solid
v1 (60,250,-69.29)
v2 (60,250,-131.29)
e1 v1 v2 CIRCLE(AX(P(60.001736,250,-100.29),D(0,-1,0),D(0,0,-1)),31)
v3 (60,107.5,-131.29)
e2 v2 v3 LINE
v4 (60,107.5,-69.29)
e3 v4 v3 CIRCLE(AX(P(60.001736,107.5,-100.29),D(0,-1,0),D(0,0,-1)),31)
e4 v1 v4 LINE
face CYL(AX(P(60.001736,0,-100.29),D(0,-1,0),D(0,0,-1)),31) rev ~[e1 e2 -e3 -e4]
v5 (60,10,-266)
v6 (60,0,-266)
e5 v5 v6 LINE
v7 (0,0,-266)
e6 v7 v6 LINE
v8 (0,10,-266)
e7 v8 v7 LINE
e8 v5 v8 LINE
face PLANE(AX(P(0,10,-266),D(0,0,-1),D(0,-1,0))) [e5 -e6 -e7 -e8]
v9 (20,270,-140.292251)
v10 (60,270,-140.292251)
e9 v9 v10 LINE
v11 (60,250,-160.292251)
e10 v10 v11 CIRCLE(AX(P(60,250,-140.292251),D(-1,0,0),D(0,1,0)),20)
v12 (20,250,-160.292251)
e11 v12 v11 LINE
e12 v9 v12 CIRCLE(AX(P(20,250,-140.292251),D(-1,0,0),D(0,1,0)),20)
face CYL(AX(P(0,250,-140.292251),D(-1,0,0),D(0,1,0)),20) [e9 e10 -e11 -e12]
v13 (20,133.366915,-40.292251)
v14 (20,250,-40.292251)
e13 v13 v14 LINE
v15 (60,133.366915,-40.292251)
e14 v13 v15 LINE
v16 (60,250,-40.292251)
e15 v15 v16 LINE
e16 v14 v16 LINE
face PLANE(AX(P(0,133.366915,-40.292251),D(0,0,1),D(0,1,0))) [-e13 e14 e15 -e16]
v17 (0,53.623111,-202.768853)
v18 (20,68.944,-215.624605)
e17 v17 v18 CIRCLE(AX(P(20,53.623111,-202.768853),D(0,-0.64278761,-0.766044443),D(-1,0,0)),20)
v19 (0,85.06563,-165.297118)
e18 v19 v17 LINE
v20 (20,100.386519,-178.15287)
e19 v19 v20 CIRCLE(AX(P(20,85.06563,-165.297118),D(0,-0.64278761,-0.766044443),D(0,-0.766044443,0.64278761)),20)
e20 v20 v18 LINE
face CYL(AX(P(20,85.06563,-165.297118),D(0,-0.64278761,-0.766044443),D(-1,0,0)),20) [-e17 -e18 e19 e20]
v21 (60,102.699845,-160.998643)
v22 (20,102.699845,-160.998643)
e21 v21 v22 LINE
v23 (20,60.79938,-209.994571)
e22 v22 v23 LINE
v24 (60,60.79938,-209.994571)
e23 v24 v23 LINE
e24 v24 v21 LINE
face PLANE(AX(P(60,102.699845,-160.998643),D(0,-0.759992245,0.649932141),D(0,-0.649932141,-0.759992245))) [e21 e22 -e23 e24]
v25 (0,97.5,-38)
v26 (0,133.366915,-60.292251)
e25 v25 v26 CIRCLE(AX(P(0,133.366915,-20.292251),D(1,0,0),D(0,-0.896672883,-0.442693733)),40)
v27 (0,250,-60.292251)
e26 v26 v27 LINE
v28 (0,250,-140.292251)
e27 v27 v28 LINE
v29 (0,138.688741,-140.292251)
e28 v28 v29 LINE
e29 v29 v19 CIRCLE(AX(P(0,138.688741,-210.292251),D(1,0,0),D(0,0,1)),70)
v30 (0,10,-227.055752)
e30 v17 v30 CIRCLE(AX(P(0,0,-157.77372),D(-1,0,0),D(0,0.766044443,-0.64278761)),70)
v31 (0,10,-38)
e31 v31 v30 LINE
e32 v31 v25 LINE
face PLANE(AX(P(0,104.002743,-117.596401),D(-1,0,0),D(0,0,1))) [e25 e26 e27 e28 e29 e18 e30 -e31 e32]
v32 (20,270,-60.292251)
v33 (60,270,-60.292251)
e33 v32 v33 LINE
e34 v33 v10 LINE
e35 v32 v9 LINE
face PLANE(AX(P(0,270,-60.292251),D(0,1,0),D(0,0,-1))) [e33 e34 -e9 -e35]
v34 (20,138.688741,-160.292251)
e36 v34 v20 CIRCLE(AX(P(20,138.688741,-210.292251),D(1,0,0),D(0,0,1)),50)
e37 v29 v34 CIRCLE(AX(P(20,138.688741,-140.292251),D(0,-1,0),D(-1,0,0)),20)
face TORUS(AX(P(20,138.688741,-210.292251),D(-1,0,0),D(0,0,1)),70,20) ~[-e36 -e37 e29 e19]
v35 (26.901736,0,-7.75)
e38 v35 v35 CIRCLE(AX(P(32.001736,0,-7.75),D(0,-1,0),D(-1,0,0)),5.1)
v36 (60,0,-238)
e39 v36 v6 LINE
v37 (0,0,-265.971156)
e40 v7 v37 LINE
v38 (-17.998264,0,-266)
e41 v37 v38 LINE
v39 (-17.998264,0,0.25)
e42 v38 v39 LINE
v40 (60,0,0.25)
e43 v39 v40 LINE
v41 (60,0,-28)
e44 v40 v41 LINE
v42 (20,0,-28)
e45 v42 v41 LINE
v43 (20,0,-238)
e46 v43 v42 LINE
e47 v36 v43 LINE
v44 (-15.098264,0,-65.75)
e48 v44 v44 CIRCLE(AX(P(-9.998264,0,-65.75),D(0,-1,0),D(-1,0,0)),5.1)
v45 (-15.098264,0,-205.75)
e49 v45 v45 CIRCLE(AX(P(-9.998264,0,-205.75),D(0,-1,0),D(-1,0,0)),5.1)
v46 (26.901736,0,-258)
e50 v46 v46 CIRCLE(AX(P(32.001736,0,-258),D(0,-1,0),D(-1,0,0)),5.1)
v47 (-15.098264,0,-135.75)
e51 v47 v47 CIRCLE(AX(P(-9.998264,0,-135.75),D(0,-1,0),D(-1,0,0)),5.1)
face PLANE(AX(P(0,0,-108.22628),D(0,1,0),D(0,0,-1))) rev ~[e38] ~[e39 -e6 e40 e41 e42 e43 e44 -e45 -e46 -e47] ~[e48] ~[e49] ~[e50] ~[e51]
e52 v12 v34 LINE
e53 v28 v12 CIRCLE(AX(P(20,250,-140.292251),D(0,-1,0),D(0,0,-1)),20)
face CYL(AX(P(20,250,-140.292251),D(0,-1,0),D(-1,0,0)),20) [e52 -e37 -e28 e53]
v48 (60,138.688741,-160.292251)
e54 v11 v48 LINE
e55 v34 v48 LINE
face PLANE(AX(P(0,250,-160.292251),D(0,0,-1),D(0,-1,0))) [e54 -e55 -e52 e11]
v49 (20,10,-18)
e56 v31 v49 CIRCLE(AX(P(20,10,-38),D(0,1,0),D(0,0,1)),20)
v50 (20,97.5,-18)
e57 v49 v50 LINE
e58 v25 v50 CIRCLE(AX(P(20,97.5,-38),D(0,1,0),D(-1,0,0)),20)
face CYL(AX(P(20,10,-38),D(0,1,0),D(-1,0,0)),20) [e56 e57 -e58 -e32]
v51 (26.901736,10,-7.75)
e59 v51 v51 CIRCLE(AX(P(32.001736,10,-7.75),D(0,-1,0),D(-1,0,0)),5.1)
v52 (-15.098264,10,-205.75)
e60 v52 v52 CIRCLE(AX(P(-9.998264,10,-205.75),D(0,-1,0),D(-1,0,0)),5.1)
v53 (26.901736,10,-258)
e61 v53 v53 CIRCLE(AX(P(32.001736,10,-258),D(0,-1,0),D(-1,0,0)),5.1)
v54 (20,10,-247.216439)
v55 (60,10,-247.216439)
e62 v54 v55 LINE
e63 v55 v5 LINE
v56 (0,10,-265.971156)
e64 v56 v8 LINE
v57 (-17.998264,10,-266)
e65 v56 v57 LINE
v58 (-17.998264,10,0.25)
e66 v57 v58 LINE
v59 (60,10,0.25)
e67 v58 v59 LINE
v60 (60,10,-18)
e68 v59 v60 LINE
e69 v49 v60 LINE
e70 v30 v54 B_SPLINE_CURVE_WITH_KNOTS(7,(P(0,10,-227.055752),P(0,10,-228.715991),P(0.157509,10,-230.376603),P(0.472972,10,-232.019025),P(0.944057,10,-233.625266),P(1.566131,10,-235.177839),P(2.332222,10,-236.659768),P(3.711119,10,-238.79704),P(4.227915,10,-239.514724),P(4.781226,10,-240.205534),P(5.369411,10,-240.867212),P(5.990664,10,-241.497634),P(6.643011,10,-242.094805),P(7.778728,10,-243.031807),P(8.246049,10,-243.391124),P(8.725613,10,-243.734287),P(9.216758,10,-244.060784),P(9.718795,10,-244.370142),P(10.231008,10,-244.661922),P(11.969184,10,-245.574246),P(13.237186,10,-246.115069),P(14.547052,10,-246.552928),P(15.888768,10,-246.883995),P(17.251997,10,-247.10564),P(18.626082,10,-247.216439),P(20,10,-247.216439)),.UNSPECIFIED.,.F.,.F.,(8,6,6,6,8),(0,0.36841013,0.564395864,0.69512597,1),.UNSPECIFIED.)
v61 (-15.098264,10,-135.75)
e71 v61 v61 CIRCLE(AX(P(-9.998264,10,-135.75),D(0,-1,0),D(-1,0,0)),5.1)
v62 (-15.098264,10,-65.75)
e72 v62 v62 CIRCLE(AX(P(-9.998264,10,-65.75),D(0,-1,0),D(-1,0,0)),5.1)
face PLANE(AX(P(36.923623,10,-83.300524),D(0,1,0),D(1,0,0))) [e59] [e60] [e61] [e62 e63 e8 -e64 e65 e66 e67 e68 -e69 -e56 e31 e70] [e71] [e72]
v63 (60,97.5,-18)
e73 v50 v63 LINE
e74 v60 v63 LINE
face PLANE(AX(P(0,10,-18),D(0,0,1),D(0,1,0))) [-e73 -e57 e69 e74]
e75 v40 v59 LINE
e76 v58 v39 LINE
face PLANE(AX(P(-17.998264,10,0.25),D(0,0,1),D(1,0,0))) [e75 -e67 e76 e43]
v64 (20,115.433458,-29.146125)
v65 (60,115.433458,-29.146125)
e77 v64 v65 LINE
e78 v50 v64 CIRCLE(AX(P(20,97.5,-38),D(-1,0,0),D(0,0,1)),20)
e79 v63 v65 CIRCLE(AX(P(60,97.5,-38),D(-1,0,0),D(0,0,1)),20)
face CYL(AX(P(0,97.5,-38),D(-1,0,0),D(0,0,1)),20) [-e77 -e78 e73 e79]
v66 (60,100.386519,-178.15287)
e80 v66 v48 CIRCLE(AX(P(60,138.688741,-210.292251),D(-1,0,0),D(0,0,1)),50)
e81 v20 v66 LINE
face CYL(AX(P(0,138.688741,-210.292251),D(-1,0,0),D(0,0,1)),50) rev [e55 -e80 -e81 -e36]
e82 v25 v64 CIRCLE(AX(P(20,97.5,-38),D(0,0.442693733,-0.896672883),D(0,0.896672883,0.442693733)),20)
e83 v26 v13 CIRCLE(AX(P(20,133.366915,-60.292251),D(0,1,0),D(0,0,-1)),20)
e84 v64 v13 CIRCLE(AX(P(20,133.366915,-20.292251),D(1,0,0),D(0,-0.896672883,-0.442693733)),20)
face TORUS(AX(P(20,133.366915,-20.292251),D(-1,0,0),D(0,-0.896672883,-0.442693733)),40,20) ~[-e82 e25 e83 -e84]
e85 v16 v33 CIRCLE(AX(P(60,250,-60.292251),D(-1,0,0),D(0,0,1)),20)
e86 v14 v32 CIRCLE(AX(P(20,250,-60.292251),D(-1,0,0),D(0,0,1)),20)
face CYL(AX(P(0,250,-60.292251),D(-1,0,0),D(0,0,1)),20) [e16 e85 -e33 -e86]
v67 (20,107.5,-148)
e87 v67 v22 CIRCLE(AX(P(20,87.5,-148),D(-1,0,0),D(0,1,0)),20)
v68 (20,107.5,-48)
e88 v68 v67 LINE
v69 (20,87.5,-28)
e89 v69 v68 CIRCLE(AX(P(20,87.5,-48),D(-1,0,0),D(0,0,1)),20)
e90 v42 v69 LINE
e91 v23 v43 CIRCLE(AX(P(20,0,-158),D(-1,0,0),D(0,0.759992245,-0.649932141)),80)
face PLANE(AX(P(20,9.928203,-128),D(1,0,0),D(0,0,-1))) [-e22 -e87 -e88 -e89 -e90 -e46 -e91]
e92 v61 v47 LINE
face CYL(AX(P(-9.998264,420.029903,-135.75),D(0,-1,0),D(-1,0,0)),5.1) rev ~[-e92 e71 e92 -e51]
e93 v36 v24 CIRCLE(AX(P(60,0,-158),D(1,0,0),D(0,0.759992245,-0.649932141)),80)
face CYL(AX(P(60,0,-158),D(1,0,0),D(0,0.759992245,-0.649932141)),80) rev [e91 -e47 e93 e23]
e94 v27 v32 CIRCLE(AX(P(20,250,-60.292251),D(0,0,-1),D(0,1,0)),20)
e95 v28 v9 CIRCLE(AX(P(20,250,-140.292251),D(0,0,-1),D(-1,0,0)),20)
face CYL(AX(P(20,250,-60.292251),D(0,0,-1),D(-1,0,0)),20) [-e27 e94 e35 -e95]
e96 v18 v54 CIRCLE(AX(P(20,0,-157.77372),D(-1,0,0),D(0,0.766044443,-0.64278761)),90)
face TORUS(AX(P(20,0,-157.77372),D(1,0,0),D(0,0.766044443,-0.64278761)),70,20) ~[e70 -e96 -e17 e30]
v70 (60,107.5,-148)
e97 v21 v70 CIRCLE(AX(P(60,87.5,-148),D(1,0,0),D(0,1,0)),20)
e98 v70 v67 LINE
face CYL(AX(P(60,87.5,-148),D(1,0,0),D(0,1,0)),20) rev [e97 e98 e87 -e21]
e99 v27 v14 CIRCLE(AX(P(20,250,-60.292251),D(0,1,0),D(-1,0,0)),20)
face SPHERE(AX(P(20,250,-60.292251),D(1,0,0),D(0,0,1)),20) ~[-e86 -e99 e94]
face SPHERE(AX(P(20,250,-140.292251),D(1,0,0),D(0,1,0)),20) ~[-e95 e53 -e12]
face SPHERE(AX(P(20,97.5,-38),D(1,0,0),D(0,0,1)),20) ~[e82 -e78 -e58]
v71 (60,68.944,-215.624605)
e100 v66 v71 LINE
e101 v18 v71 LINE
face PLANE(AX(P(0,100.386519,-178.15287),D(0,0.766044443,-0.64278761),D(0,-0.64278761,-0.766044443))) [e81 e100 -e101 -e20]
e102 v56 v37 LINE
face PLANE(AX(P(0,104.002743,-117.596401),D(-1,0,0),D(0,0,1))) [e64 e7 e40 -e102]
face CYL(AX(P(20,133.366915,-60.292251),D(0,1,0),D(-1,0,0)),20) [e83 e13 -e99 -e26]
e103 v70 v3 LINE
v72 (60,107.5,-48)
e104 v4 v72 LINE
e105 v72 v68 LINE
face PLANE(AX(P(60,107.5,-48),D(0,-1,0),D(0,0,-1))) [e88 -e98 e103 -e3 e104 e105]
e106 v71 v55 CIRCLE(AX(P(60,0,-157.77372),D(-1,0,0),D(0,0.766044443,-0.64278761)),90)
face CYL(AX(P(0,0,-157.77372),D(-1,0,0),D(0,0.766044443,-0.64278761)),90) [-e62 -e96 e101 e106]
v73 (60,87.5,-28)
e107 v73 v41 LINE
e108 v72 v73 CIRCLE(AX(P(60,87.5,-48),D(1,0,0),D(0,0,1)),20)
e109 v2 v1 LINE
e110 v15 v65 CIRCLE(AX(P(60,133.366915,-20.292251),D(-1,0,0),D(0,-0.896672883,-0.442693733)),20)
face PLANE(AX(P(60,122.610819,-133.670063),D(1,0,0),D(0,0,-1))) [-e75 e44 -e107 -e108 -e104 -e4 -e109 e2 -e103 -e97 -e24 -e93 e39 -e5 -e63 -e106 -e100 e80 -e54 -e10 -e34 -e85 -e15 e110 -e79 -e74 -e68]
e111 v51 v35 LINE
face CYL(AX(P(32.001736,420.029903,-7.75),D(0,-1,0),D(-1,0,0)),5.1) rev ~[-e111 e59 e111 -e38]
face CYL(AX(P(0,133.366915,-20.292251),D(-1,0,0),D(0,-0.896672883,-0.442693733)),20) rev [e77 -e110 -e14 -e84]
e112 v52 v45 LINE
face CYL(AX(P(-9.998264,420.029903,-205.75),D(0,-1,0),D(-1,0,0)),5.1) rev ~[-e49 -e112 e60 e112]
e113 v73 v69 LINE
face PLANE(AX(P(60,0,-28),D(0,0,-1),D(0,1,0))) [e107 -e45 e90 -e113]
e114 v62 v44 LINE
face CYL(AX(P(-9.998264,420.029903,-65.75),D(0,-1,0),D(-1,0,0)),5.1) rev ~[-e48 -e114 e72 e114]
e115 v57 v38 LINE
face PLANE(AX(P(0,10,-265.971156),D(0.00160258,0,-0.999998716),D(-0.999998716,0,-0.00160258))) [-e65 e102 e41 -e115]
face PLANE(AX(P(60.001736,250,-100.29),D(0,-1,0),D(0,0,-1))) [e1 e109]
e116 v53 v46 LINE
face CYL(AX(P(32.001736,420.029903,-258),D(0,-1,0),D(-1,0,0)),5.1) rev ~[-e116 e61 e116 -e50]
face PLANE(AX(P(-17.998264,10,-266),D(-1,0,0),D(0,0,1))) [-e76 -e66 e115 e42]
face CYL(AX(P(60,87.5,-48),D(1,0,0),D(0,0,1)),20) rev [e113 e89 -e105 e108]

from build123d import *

# Parameters (mm, degrees)
BOSS_EXTRUDE1_DEPTH   = 120
FILLET1_R             = 20
FILLET2_R             = 20
SKETCH2_W             = 18
SKETCH2_H             = 103
BOSS_EXTRUDE2_DEPTH   = 10
F_1_0MM_DOWEL_HOLE1_D = 10.2
F_1_0MM_DOWEL_HOLE2_D = 10.2
SKETCH7_R             = 31
CUT_EXTRUDE1_DEPTH    = 250
CUT_EXTRUDE2_DEPTH    = 40
BOSS_EXTRUDE3_START   = -20
BOSS_EXTRUDE3_DEPTH   = 20
SKETCH12_W            = 357.858152506
SKETCH12_H            = 320.052587915
CUT_EXTRUDE3_DEPTH    = 78


with BuildPart() as part:
    # Sketch1 → Boss-Extrude1 (new body)
    with BuildSketch(Plane(origin=(0, 0, 0), x_dir=(0, 0, -1), z_dir=(1, 0, 0))):
        with BuildLine():
            Line((0, 0), (0, 10))
            Line((0, 10), (18, 10))
            Line((18, 10), (18, 97.5))
            ThreePointArc((18, 97.5), (21.013571696, 108.05752118), (29.146125346, 115.433457659))
            ThreePointArc((29.146125346, 115.433457659), (37.278678997, 122.809394139), (40.292250693, 133.366915319))
            Line((40.292250693, 133.366915319), (40.292250693, 250))
            ThreePointArc((40.292250693, 250), (46.150115069, 264.142135624), (60.292250693, 270))
            Line((60.292250693, 270), (140.292250693, 270))
            ThreePointArc((140.292250693, 270), (154.434386317, 264.142135624), (160.292250693, 250))
            Line((160.292250693, 250), (160.292250693, 138.688740716))
            ThreePointArc((160.292250693, 138.688740716), (164.976861341, 117.557827629), (178.152870209, 100.38651856))
            Line((178.152870209, 100.38651856), (215.624604805, 68.943999881))
            ThreePointArc((215.624604805, 68.943999881), (237.098685885, 42.515288741), (247.216439033, 10))
            Line((247.216439033, 10), (266, 10))
            Line((266, 10), (266, 0))
            Line((266, 0), (147.773719933, 0))
            ThreePointArc((147.773719933, 0), (128, 23), (108.226280067, 0))
            Line((108.226280067, 0), (0, 0))
        make_face()
    extrude(amount=BOSS_EXTRUDE1_DEPTH)

    # Fillet1
    fillet1_edges = [part.edges().sort_by_distance(p)[0] for p in [
        (120, 42.515288741, -237.098685885),
        (120, 84.66525922, -196.888737507),
        (120, 117.557827629, -164.976861341),
        (120, 194.344370358, -160.292250693),
        (120, 264.142135624, -154.434386317),
        (120, 270, -100.292250693),
        (120, 264.142135624, -46.150115069),
        (120, 191.683457659, -40.292250693),
        (120, 122.809394139, -37.278678997),
        (120, 108.05752118, -21.013571696),
        (120, 53.75, -18),
    ]]
    fillet(fillet1_edges, radius=FILLET1_R)

    # Fillet2
    fillet2_edges = [part.edges().sort_by_distance(p)[0] for p in [
        (0, 53.75, -18),
        (0, 108.05752118, -21.013571696),
        (0, 122.809394139, -37.278678997),
        (0, 191.683457659, -40.292250693),
        (0, 264.142135624, -46.150115069),
        (0, 270, -100.292250693),
        (0, 264.142135624, -154.434386317),
        (0, 194.344370358, -160.292250693),
        (0, 117.557827629, -164.976861341),
        (0, 84.66525922, -196.888737507),
        (0, 42.515288741, -237.098685885),
    ]]
    fillet(fillet2_edges, radius=FILLET2_R)

    # Sketch2 → Boss-Extrude2 (add)
    with BuildSketch(Plane(origin=(0, 10, 0), x_dir=(1, 0, 0), z_dir=(0, 1, 0))):
        Polygon((-17.998263805, -0.25), (138, -0.25), (138, 93.5), (120, 93.5), (120, 0), (0, 0), (0, 265.971156308), (-17.998263805, 266), align=None)
        with Locations((129, 214.5)):
            Rectangle(SKETCH2_W, SKETCH2_H)
    extrude(amount=-BOSS_EXTRUDE2_DEPTH)

    # Ø1.0mm Dowel Hole1 (through all)
    with Locations(Plane(origin=(0, 10, 0), x_dir=(1, 0, 0), z_dir=(0, 1, 0))):
        with Locations((32.001736195, 258), (82.001736195, 258)):
            Hole(F_1_0MM_DOWEL_HOLE1_D / 2)

    # Ø1.0mm Dowel Hole2 (through all)
    with Locations(Plane(origin=(0, 10, 0), x_dir=(1, 0, 0), z_dir=(0, 1, 0))):
        with Locations((-9.998263805, 205.75), (-9.998263805, 135.75), (-9.998263805, 65.75), (32.001736195, 7.75), (82.001736195, 7.75), (130, 65.75), (130, 205.75)):
            Hole(F_1_0MM_DOWEL_HOLE2_D / 2)

    # Sketch7 → Cut-Extrude1 (cut)
    with BuildSketch(Plane.XZ):
        with Locations(Location((60.001736195, -100.29, 0), (0, 0, 270))):
            Circle(SKETCH7_R)
    extrude(amount=-CUT_EXTRUDE1_DEPTH, mode=Mode.SUBTRACT)

    # Sketch9 → Cut-Extrude2 (cut, symmetric)
    with BuildSketch(Plane(origin=(60, 0, 0), x_dir=(0, 0, -1), z_dir=(1, 0, 0))):
        with BuildLine():
            Line((28, 0), (28, 87.5))
            ThreePointArc((28, 87.5), (33.857864376, 101.642135624), (48, 107.5))
            Line((48, 107.5), (148, 107.5))
            ThreePointArc((148, 107.5), (154.928315168, 106.261621703), (160.998642822, 102.699844894))
            Line((160.998642822, 102.699844894), (209.994571286, 60.799379576))
            ThreePointArc((209.994571286, 60.799379576), (230.662114279, 33.469645181), (238, 0))
            Line((238, 0), (158, 0))
            Line((158, 0), (147.773719933, 0))
            ThreePointArc((147.773719933, 0), (128, 23), (108.226280067, 0))
            Line((108.226280067, 0), (28, 0))
        make_face()
    extrude(amount=CUT_EXTRUDE2_DEPTH, both=True, mode=Mode.SUBTRACT)

    # Sketch10 → Boss-Extrude3 (add)
    with BuildSketch(Plane(origin=(20, 0, 0), x_dir=(0, 0, -1), z_dir=(1, 0, 0)).offset(BOSS_EXTRUDE3_START)):
        with BuildLine():
            ThreePointArc((148, 3), (128, 23), (108, 3))
            Line((108, 3), (148, 3))
        make_face()
        with BuildLine():
            ThreePointArc((108, 3), (108.056650248, 1.495739163), (108.226280067, 0))
            Line((108.226280067, 0), (147.773719933, 0))
            ThreePointArc((147.773719933, 0), (147.943349752, 1.495739163), (148, 3))
            Line((148, 3), (108, 3))
        make_face()
    extrude(amount=BOSS_EXTRUDE3_DEPTH)

    # Sketch12 → Cut-Extrude3 (cut)
    with BuildSketch(Plane(origin=(138, 0, 0), x_dir=(0, 0, -1), z_dir=(1, 0, 0))):
        with Locations((133.670062861, 122.61081936)):
            Rectangle(SKETCH12_W, SKETCH12_H)
    extrude(amount=-CUT_EXTRUDE3_DEPTH, mode=Mode.SUBTRACT)


solid = part.part
